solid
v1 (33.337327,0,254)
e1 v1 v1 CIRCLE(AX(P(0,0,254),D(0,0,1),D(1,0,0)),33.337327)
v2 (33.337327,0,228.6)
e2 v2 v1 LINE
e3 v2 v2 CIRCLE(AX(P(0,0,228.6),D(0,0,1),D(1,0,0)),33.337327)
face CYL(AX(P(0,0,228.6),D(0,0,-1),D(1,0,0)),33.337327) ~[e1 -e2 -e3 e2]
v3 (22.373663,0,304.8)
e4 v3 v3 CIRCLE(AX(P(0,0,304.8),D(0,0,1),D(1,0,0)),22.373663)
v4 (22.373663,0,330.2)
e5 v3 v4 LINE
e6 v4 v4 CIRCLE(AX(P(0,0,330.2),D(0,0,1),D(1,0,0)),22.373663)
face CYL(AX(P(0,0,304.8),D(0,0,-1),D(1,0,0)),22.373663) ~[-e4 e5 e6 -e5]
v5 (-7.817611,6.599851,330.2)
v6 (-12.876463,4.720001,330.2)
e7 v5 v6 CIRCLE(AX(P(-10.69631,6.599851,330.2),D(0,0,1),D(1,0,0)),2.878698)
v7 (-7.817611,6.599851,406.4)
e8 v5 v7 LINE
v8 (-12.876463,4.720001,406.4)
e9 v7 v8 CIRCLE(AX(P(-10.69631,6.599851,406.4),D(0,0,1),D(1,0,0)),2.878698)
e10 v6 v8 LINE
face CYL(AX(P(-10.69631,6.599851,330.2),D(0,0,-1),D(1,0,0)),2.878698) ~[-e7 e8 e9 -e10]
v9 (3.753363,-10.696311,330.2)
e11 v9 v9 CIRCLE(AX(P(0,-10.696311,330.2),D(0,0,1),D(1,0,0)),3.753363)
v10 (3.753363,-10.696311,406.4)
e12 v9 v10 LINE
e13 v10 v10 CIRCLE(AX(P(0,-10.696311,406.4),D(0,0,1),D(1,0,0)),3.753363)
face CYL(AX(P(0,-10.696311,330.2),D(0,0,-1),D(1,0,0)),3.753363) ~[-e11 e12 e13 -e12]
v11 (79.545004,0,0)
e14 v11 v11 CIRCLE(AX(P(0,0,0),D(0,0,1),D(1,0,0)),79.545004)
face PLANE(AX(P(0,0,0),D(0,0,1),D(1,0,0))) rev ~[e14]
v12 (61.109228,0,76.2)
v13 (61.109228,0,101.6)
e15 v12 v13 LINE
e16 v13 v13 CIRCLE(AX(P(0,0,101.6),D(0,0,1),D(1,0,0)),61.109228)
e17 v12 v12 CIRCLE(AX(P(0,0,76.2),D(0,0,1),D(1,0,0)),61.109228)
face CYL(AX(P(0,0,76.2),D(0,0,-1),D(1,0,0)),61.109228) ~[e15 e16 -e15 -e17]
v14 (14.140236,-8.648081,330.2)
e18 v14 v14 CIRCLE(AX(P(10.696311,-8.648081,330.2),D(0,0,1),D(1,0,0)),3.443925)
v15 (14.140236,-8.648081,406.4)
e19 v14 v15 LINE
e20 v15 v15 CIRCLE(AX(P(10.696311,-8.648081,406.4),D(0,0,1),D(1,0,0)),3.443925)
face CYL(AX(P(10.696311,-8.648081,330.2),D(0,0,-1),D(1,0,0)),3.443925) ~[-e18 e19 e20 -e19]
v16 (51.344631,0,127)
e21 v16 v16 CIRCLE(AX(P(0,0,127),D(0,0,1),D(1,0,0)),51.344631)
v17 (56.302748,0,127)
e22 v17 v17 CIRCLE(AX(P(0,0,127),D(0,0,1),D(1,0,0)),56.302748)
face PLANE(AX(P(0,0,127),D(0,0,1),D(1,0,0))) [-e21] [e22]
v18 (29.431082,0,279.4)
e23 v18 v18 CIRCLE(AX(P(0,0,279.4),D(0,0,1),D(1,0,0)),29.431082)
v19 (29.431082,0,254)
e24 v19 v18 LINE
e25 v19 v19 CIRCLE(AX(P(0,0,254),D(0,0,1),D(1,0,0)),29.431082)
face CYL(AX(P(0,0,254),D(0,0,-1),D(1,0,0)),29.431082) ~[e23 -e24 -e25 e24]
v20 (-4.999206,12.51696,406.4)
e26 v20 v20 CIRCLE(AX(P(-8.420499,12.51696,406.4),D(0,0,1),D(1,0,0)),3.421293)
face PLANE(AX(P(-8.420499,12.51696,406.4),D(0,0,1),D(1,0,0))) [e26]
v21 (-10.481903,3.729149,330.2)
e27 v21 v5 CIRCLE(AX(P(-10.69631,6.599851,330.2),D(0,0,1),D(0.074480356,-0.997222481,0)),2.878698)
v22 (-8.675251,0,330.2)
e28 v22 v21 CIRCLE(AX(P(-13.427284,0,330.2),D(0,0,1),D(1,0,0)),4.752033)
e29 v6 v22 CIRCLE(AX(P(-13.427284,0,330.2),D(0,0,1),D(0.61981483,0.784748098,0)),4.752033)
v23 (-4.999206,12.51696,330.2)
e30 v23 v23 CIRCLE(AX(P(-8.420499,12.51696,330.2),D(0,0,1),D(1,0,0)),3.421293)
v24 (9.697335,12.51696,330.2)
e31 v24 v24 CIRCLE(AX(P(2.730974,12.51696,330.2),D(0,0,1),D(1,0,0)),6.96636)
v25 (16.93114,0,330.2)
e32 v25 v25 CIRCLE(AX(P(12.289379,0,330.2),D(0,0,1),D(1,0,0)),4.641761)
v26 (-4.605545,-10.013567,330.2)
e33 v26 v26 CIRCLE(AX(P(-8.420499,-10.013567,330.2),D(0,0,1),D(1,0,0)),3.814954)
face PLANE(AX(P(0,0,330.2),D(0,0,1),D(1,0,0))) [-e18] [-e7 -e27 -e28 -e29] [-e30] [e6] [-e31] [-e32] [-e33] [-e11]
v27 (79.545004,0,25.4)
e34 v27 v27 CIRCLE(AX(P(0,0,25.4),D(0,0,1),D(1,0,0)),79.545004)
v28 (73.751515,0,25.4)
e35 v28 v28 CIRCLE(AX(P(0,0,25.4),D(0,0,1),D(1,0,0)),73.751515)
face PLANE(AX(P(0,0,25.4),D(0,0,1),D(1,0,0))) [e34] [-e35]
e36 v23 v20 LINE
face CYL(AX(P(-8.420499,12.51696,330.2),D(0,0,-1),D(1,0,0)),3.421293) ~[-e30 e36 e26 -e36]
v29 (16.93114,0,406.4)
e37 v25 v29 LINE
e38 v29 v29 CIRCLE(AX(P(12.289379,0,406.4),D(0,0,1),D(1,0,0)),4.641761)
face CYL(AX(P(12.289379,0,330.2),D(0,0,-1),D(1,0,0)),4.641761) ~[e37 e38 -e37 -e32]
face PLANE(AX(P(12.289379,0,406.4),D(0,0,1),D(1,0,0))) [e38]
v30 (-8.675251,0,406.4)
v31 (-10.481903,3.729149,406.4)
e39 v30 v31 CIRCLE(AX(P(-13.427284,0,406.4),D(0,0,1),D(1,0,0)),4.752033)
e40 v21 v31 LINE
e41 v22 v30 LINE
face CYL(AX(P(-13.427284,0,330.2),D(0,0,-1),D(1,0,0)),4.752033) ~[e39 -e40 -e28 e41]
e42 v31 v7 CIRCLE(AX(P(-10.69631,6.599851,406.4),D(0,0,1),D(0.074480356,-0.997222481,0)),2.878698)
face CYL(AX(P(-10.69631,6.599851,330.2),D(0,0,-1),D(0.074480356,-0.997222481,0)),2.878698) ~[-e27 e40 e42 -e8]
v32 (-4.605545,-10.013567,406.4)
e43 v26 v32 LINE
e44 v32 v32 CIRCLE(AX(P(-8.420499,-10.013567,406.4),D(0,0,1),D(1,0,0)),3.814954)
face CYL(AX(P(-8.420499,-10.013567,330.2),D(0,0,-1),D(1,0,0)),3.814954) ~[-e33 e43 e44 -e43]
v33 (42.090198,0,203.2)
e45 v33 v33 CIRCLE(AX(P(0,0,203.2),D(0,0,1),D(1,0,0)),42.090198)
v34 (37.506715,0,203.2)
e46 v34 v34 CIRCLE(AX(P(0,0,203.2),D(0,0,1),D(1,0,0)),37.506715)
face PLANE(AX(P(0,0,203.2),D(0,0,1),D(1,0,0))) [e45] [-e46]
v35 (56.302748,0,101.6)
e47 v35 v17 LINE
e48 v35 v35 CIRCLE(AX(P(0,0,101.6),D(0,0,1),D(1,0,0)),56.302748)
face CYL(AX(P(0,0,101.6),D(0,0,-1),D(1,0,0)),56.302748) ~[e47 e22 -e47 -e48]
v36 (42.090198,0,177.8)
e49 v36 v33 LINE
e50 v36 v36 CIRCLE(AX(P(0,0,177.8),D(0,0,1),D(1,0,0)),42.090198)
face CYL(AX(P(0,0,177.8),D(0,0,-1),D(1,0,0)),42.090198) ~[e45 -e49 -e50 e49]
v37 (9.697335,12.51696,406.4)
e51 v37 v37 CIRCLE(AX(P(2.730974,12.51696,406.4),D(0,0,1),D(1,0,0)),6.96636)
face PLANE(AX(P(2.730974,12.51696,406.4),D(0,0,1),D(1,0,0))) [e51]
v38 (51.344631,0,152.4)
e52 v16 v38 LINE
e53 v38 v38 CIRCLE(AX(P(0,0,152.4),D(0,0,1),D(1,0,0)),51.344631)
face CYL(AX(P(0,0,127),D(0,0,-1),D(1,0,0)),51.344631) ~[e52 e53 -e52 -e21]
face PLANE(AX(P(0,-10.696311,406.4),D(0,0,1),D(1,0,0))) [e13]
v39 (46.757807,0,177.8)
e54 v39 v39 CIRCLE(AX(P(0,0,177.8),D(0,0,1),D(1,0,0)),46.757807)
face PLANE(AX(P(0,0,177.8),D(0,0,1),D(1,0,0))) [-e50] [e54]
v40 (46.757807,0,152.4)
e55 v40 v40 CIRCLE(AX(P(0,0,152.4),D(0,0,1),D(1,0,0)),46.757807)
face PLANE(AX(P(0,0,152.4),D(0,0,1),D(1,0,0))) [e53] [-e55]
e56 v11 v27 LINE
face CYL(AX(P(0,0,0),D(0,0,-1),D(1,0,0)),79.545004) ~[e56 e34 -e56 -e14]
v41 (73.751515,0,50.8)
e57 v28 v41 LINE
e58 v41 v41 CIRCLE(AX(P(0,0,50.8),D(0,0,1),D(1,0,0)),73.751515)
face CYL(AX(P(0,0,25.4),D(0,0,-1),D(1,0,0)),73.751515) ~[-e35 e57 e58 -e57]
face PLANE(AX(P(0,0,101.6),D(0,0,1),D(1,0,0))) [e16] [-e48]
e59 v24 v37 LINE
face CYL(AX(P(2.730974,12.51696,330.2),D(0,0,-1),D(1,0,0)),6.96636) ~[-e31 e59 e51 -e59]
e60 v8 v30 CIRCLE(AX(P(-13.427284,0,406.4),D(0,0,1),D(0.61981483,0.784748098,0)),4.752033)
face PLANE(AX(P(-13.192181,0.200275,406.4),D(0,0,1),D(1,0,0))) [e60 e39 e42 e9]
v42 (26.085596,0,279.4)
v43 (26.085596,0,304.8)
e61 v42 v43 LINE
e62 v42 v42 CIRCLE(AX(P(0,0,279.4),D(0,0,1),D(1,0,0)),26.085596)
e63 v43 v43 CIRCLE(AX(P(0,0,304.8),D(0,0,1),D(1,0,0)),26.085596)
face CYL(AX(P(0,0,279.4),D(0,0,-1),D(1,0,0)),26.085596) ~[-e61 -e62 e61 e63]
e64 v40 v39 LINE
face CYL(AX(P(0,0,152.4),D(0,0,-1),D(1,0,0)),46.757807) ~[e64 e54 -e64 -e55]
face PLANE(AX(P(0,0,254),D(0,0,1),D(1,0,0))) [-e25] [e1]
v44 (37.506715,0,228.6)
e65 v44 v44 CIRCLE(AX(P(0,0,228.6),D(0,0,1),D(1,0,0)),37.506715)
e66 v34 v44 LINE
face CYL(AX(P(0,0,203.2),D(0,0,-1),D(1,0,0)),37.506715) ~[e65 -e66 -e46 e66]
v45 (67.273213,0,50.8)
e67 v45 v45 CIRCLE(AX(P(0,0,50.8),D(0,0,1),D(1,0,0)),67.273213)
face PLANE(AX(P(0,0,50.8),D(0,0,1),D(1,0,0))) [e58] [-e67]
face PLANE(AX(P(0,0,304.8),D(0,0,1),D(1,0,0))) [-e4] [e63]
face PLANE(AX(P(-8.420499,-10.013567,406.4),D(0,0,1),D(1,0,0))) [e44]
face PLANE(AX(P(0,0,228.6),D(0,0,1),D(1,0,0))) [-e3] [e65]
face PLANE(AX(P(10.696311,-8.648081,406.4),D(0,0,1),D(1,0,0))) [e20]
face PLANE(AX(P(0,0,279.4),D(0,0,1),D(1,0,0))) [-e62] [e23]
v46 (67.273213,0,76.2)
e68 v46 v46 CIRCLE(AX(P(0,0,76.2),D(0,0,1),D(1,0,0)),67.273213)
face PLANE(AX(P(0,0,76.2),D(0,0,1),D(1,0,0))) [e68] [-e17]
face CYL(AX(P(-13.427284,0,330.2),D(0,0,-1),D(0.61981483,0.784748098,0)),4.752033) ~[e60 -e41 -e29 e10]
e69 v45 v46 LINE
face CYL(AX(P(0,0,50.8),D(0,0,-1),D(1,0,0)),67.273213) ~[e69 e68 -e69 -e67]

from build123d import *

# Parameters (mm, degrees)
F0_R      = 79.5450036975
F1_DEPTH  = 25.4
F2_R      = 73.7515149203
F3_DEPTH  = 25.4
F4_R      = 67.2732126862
F5_DEPTH  = 25.4
F6_R      = 61.109227751
F7_DEPTH  = 25.4
F8_R      = 56.3027484013
F9_DEPTH  = 25.4
F10_R     = 51.3446313858
F11_DEPTH = 25.4
F12_R     = 46.7578066383
F13_DEPTH = 25.4
F14_R     = 42.0901979961
F15_DEPTH = 25.4
F16_R     = 37.5067154874
F17_DEPTH = 25.4
F18_R     = 33.3373265509
F19_DEPTH = 25.4
F20_R     = 29.4310817061
F21_DEPTH = 25.4
F22_R     = 26.0855959035
F23_DEPTH = 25.4
F24_R     = 22.3736631593
F25_DEPTH = 25.4
F26_R     = 3.4212934719
F26_R_2   = 3.8149535716
F26_R_3   = 4.641761037
F26_R_4   = 3.4439254553
F26_R_5   = 3.753363135
F26_R_6   = 6.9663604667
F27_DEPTH = 76.2


with BuildPart() as f1:
    # F0 (on Top) → F1 (new body)
    with BuildSketch(Plane.XY):
        Circle(F0_R)
    extrude(amount=F1_DEPTH)

    # F2 (on face) → F3 (join)
    with BuildSketch(Plane.XY.offset(25.4)):
        Circle(F2_R)
    extrude(amount=F3_DEPTH)

    # F4 (on face) → F5 (join)
    with BuildSketch(Plane.XY.offset(50.8)):
        Circle(F4_R)
    extrude(amount=F5_DEPTH)

    # F6 (on face) → F7 (join)
    with BuildSketch(Plane.XY.offset(76.2)):
        Circle(F6_R)
    extrude(amount=F7_DEPTH)

    # F8 (on face) → F9 (join)
    with BuildSketch(Plane.XY.offset(101.6)):
        Circle(F8_R)
    extrude(amount=F9_DEPTH)

    # F10 (on face) → F11 (join)
    with BuildSketch(Plane.XY.offset(127)):
        Circle(F10_R)
    extrude(amount=F11_DEPTH)

    # F12 (on face) → F13 (join)
    with BuildSketch(Plane.XY.offset(152.4)):
        Circle(F12_R)
    extrude(amount=F13_DEPTH)

    # F14 (on face) → F15 (join)
    with BuildSketch(Plane.XY.offset(177.8)):
        Circle(F14_R)
    extrude(amount=F15_DEPTH)

    # F16 (on face) → F17 (join)
    with BuildSketch(Plane.XY.offset(203.2)):
        Circle(F16_R)
    extrude(amount=F17_DEPTH)

    # F18 (on face) → F19 (join)
    with BuildSketch(Plane.XY.offset(228.6)):
        Circle(F18_R)
    extrude(amount=F19_DEPTH)

    # F20 (on face) → F21 (join)
    with BuildSketch(Plane.XY.offset(254)):
        Circle(F20_R)
    extrude(amount=F21_DEPTH)

    # F22 (on face) → F23 (join)
    with BuildSketch(Plane.XY.offset(279.4)):
        Circle(F22_R)
    extrude(amount=F23_DEPTH)

    # F24 (on face) → F25 (join)
    with BuildSketch(Plane.XY.offset(304.8)):
        Circle(F24_R)
    extrude(amount=F25_DEPTH)

    # F26 (on face) → F27 (join)
    with BuildSketch(Plane.XY.offset(330.2)):
        with Locations((-8.4204990417, 12.5169595703)):
            Circle(F26_R)
        with BuildLine():
            ThreePointArc((-12.8764627366, 4.7200013898), (-16.9768846981, -3.1594538942), (-8.6752507068, 0))
            ThreePointArc((-8.6752507068, 0), (-9.1506984309, 2.071867738), (-10.4819031466, 3.7291487844))
            ThreePointArc((-10.4819031466, 3.7291487844), (-11.7969854067, 3.9398859003), (-12.8764627366, 4.7200013898))
        make_face()
        with BuildLine():
            ThreePointArc((-12.8764627366, 4.7200013898), (-11.7969854067, 3.9398859003), (-10.4819031466, 3.7291487844))
            ThreePointArc((-10.4819031466, 3.7291487844), (-11.6103347479, 4.3909581613), (-12.8764627366, 4.7200013898))
        make_face()
        with BuildLine():
            ThreePointArc((-12.8764627366, 4.7200013898), (-11.6103347479, 4.3909581613), (-10.4819031466, 3.7291487844))
            ThreePointArc((-10.4819031466, 3.7291487844), (-8.5863196556, 4.6415751091), (-7.8176113456, 6.5998514183))
            ThreePointArc((-7.8176113456, 6.5998514183), (-11.6990310984, 9.298268247), (-12.8764627366, 4.7200013898))
        make_face()
        with Locations((-8.4204990417, -10.0135672837)):
            Circle(F26_R_2)
        with Locations((12.289378792, 0)):
            Circle(F26_R_3)
        with Locations((10.69631055, -8.6480807513)):
            Circle(F26_R_4)
        with Locations((0, -10.69631055)):
            Circle(F26_R_5)
        with Locations((2.7309742291, 12.5169595703)):
            Circle(F26_R_6)
    extrude(amount=F27_DEPTH)


solid = f1.part
